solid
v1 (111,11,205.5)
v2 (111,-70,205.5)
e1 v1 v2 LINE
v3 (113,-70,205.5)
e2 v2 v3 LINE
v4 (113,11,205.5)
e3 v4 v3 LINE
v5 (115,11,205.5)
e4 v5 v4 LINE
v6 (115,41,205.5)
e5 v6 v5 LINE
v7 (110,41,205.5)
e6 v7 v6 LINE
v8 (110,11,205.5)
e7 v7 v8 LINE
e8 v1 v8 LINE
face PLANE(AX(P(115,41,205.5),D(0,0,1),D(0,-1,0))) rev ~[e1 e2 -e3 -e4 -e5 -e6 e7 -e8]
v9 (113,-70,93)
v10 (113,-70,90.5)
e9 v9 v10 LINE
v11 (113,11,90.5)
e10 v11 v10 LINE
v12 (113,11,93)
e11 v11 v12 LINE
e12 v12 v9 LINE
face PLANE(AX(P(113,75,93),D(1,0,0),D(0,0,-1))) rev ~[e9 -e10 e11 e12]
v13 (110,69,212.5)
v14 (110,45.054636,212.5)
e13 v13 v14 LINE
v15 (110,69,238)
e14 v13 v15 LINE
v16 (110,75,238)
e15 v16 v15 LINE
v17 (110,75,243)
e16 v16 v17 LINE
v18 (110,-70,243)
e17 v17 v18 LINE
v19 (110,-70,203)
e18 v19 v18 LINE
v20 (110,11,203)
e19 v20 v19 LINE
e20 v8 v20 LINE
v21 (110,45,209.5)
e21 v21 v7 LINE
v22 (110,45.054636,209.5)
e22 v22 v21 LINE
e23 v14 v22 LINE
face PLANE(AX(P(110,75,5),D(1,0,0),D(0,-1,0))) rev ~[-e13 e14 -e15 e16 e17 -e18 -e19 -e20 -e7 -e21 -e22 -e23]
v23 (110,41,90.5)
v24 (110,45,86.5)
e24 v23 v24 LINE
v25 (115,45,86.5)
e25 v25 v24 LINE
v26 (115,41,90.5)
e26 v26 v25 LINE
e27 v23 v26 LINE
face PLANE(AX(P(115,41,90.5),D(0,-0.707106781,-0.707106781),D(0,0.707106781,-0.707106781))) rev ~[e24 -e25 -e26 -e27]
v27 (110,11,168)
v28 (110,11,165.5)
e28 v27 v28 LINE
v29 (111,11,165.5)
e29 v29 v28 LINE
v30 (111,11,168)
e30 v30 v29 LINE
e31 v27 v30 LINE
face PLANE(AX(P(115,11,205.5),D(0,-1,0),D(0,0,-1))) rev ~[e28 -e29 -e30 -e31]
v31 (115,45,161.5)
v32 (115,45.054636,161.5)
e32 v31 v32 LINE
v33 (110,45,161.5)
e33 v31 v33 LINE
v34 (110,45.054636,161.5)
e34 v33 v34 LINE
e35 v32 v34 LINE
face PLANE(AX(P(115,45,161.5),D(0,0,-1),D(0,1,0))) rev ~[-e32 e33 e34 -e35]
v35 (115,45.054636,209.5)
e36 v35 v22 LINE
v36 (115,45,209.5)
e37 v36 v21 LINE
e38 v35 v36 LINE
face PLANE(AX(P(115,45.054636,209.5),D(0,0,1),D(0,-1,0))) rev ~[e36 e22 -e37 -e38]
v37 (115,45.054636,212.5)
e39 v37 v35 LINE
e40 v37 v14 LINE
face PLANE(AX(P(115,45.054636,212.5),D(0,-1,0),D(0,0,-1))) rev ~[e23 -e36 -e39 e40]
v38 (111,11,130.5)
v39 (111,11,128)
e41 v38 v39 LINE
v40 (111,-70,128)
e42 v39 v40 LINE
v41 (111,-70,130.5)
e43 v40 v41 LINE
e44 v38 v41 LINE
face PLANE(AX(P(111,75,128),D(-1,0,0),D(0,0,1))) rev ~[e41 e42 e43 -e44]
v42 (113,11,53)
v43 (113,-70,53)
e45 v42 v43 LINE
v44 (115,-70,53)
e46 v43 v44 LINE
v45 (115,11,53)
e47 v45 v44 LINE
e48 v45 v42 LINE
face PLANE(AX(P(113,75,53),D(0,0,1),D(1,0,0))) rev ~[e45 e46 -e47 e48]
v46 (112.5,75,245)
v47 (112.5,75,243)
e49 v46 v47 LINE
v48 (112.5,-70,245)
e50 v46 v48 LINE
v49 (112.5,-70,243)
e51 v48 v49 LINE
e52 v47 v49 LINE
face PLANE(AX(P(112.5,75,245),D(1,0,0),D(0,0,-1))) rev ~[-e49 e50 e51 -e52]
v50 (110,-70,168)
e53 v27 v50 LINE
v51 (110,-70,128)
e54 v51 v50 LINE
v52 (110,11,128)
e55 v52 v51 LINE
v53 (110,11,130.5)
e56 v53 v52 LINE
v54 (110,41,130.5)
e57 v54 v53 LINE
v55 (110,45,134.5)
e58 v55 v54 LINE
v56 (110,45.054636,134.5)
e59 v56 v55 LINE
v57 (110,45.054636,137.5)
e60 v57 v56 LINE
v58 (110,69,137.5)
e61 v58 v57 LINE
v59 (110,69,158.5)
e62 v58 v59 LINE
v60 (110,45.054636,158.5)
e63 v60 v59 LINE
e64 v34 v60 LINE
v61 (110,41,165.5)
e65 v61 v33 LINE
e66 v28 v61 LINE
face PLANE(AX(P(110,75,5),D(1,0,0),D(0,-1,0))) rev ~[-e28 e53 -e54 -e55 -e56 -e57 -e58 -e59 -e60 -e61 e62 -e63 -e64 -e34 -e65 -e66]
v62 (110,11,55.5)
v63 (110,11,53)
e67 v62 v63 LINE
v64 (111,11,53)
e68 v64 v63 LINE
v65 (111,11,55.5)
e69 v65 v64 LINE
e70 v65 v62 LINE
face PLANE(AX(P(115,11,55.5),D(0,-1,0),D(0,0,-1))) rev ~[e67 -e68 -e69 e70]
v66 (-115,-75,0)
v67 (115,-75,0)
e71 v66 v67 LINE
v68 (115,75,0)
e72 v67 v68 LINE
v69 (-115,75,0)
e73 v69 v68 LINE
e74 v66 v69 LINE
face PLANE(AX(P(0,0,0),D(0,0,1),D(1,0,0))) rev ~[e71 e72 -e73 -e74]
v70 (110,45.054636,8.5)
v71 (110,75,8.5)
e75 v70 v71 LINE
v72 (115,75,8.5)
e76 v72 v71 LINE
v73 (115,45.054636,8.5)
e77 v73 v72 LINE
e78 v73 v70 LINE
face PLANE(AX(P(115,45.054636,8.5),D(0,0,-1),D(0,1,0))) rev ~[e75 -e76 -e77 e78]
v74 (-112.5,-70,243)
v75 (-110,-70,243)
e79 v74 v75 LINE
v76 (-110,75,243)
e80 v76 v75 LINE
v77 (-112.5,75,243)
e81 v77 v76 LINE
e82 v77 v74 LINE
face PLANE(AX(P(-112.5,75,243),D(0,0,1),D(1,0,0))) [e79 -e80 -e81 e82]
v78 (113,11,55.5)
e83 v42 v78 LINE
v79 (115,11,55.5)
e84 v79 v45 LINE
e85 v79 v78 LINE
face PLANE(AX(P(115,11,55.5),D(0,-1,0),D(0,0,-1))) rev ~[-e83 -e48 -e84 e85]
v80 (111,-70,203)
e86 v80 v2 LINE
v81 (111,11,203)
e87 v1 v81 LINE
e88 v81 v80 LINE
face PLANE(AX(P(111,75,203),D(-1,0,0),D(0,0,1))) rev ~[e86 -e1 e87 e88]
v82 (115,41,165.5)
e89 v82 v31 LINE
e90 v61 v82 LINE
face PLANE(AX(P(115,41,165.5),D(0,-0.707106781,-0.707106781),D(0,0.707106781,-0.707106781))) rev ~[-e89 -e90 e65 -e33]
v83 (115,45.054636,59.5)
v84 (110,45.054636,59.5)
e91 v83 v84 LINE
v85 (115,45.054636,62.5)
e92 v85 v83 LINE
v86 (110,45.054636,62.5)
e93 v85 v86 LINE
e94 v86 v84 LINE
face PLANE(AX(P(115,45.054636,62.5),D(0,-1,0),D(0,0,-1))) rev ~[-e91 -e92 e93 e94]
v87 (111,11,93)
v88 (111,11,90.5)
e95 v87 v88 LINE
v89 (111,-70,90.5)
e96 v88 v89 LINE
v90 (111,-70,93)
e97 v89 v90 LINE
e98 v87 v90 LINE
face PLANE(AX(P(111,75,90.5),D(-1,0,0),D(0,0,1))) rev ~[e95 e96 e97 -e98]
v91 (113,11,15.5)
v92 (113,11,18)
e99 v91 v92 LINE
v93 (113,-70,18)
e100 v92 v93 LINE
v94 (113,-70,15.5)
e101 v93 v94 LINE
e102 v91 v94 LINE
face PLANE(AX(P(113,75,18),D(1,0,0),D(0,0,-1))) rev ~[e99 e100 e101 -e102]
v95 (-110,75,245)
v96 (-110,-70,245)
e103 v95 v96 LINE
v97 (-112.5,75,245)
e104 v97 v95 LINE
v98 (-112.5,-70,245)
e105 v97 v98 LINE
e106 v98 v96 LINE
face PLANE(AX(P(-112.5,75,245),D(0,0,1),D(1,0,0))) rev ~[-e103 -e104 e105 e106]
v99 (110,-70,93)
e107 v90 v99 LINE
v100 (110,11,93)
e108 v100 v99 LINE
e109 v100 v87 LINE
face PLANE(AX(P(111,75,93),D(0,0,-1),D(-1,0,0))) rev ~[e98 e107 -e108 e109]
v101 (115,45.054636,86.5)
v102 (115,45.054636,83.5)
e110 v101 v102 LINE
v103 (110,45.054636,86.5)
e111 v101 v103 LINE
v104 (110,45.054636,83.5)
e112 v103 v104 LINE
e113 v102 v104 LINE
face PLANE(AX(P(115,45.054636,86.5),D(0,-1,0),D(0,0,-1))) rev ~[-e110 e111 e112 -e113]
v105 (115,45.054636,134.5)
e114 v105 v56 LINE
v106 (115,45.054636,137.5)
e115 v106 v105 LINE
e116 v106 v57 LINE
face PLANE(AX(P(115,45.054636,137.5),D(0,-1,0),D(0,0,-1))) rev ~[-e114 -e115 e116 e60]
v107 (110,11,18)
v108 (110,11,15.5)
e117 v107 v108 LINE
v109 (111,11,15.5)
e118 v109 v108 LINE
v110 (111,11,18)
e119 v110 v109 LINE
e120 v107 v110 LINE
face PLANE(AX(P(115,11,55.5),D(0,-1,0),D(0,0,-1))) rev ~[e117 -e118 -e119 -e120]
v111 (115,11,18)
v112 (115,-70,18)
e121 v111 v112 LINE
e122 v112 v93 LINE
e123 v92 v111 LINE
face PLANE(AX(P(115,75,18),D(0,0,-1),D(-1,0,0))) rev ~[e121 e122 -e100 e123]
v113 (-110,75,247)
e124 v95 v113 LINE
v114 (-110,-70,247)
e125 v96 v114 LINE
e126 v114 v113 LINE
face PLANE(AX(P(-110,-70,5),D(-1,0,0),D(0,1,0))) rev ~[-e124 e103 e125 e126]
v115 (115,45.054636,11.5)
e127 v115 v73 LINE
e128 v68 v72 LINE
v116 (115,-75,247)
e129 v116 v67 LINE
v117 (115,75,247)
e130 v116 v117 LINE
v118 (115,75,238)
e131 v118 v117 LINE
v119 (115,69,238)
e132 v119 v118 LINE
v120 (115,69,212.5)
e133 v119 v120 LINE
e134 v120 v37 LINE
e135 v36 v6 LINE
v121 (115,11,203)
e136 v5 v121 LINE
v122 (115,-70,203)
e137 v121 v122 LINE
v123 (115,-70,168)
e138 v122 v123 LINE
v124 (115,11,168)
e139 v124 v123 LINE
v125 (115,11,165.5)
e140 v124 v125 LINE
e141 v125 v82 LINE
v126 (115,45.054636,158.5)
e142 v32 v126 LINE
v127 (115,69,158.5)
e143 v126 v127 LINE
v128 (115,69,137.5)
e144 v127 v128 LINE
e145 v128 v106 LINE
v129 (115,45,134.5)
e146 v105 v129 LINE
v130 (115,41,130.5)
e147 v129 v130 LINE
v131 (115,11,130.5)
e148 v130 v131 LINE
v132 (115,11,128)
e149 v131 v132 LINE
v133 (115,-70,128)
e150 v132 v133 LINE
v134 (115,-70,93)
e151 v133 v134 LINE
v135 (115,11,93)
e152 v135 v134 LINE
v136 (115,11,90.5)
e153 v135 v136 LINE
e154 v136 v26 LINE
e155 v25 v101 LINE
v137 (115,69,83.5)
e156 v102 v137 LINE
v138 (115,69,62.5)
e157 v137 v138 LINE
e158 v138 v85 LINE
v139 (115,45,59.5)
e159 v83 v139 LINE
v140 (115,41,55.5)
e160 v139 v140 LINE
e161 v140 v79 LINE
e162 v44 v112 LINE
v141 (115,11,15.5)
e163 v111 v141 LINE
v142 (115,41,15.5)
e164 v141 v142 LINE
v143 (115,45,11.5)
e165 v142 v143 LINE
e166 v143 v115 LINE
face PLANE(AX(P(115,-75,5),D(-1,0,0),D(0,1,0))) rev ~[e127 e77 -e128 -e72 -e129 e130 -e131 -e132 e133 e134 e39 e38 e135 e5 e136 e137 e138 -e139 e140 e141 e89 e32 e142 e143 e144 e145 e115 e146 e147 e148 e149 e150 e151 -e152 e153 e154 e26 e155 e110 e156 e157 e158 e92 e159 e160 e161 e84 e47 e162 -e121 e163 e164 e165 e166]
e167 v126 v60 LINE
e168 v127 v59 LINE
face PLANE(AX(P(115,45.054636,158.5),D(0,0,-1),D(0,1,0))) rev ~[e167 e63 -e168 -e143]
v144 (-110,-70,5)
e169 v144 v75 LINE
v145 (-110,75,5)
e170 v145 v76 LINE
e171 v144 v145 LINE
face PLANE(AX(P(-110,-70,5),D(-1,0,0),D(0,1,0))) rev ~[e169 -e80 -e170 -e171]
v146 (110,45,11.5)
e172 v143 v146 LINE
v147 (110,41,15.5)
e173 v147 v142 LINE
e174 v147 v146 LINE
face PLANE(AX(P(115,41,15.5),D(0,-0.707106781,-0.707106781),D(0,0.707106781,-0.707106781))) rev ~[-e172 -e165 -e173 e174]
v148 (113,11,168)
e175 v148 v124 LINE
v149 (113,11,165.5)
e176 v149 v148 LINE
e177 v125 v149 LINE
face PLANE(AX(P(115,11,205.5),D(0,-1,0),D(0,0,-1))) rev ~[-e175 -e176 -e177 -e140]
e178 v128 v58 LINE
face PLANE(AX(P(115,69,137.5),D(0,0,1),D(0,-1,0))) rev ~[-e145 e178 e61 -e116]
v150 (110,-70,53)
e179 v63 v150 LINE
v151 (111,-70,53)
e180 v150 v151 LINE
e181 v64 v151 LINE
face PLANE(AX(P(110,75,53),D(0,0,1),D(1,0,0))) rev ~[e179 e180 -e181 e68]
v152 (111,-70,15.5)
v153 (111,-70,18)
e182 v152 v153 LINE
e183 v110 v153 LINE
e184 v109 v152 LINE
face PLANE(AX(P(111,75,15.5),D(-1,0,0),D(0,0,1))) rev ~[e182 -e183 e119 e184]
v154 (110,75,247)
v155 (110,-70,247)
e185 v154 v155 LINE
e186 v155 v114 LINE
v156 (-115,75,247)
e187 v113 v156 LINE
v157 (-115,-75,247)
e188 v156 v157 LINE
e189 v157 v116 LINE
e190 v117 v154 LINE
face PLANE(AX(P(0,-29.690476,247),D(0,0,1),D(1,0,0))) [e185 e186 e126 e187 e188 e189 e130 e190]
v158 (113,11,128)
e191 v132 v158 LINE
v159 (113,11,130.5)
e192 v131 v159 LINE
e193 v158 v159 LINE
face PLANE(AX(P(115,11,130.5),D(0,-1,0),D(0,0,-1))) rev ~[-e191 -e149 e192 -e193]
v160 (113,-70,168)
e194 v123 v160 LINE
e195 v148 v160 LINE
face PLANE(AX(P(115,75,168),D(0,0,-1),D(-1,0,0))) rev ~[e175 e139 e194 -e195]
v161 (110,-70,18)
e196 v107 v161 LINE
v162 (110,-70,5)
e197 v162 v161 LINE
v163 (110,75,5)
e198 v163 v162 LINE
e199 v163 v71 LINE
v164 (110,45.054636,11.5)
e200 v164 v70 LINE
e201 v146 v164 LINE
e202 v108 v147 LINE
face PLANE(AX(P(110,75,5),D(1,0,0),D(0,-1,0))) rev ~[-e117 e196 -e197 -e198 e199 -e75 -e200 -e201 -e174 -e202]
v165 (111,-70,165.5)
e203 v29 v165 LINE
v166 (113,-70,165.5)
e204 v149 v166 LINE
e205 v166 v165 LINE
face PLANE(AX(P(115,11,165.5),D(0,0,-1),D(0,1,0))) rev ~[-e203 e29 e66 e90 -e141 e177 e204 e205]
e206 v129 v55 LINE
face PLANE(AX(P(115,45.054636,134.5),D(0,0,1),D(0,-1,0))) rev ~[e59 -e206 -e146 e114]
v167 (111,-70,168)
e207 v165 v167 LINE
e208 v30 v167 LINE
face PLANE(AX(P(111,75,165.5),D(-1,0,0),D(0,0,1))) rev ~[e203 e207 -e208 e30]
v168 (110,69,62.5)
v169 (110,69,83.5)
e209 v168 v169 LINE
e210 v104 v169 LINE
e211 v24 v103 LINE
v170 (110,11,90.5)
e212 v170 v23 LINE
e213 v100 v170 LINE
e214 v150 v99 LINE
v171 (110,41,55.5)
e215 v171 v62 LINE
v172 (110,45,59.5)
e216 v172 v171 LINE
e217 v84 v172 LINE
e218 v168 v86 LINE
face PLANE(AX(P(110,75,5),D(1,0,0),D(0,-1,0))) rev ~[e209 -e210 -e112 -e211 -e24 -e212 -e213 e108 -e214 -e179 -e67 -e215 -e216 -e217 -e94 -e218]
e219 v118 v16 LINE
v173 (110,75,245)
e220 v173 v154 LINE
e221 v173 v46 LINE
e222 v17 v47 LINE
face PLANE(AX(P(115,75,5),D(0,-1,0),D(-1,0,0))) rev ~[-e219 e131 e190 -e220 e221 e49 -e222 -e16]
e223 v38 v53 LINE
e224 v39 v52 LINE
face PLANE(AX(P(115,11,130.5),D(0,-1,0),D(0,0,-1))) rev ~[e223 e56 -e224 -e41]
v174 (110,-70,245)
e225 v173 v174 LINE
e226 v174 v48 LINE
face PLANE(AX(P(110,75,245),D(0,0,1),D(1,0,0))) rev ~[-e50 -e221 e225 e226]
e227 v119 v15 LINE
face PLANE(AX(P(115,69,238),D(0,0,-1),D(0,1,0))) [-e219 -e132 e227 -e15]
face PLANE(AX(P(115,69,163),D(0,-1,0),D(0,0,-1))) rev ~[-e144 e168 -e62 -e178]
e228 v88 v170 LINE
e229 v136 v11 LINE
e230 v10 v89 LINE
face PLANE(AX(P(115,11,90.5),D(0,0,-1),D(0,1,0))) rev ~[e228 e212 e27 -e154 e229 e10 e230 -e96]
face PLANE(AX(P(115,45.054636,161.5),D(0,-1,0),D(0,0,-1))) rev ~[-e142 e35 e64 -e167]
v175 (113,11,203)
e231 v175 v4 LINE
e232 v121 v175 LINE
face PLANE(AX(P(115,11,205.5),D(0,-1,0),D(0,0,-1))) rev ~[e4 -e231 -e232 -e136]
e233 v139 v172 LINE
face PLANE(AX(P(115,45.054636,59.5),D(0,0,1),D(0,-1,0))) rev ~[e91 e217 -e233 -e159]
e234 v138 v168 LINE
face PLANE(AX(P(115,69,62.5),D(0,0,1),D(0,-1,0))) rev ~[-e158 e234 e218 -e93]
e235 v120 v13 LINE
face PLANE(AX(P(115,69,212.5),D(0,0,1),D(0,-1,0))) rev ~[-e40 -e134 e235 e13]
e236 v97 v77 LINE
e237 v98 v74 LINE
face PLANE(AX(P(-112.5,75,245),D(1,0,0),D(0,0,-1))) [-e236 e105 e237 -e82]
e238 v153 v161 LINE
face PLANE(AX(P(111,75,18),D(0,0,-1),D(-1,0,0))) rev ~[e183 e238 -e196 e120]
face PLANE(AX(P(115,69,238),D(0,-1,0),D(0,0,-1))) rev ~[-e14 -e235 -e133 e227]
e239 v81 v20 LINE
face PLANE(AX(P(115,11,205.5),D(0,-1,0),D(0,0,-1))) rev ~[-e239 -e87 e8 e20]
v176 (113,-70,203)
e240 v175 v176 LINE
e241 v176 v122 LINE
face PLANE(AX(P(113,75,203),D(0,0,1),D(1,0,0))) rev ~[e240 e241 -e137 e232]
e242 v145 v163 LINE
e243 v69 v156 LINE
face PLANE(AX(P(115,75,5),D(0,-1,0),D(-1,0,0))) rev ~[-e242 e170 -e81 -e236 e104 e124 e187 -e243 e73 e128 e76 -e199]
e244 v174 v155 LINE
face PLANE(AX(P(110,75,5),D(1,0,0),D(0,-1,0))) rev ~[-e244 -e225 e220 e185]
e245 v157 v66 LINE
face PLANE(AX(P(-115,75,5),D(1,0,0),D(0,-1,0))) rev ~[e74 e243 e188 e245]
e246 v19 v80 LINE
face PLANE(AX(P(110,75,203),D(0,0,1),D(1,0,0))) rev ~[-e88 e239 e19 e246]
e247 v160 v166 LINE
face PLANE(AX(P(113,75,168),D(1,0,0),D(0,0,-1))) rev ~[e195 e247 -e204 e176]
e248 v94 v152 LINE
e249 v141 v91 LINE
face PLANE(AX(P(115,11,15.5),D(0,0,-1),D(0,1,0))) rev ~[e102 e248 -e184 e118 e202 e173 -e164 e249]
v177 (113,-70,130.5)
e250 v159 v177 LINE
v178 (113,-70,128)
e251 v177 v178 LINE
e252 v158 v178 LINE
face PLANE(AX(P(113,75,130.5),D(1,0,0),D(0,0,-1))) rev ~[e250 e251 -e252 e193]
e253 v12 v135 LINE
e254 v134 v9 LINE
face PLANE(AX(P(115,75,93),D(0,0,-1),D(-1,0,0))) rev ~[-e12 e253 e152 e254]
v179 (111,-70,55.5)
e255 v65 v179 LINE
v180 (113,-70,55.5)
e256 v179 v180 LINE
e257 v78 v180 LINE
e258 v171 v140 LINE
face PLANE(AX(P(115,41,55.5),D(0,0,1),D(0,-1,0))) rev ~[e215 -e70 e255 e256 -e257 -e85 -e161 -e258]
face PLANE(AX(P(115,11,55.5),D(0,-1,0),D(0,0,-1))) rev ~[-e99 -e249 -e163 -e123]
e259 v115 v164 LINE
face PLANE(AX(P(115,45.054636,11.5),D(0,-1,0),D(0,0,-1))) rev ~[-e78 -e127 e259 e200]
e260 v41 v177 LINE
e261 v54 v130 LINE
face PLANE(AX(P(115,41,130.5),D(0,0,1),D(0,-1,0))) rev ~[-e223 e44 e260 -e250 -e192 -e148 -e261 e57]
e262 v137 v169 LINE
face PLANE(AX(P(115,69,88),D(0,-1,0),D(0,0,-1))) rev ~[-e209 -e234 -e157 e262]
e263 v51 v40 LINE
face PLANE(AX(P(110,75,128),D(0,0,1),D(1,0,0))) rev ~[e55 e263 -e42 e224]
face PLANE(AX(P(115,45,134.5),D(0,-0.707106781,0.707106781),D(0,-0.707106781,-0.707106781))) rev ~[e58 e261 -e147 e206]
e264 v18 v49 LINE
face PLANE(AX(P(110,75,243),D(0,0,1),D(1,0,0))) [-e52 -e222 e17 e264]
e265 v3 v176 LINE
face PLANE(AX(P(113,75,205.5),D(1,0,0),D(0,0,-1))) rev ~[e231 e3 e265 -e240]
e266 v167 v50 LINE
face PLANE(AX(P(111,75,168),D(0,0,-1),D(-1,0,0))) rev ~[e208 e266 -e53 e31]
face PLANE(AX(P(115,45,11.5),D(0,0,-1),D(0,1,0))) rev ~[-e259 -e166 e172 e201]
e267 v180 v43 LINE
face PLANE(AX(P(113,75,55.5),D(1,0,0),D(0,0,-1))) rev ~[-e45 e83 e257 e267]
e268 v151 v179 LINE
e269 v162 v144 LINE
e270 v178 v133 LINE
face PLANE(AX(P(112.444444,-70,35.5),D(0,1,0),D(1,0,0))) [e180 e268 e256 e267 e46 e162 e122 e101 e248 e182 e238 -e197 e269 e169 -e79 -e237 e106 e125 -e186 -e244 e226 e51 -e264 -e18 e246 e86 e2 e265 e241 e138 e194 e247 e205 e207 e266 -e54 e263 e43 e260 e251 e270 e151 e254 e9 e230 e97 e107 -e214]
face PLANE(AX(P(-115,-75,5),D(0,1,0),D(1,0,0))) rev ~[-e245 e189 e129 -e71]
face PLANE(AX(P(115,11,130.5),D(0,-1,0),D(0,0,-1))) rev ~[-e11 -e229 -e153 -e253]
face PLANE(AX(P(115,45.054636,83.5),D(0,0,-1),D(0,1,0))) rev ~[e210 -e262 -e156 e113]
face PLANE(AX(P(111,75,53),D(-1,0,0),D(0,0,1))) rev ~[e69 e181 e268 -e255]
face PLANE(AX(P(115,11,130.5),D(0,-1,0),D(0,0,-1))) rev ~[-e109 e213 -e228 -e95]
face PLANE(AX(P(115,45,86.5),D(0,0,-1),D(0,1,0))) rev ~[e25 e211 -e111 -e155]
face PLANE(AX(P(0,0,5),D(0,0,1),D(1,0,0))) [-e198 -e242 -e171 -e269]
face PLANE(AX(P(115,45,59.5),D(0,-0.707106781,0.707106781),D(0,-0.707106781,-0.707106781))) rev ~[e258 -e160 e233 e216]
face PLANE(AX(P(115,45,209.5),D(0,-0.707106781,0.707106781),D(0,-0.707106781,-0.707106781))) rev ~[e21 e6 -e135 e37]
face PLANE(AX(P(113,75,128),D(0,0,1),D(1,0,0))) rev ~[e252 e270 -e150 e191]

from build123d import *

# Parameters (mm, degrees)
SZKIC1_W                    = 230
SZKIC1_H                    = 150
DODANIE_WYCI_GNI_CIE1_DEPTH = 5
DODANIE_WYCI_GNI_CIE2_DEPTH = 242
WYTNIJ_WYCI_GNI_CIE1_REACH  = 347.737
SZKIC4_W                    = 30
SZKIC4_H                    = 6
WYTNIJ_WYCI_GNI_CIE2_DEPTH  = 5
SZKIC7_W                    = 2.5
SZKIC7_H                    = 2
WYTNIJ_WYCI_GNI_CIE3_DEPTH  = 145


with BuildPart() as part:
    # Szkic1 → Dodanie-wyciągnięcie1 (new body)
    with BuildSketch(Plane.XY):
        Rectangle(SZKIC1_W, SZKIC1_H)
    extrude(amount=DODANIE_WYCI_GNI_CIE1_DEPTH)

    # Szkic3 → Dodanie-wyciągnięcie2 (add)
    with BuildSketch(Plane.XY.offset(5)):
        Polygon((115, -75), (115, 75), (110, 75), (110, 70), (110, -70), (-110, -70), (-110, 70), (-110, 75), (-115, 75), (-115, -75), align=None)
    extrude(amount=DODANIE_WYCI_GNI_CIE2_DEPTH)

    # Szkic4 → Wytnij-wyciągnięcie1 (cut, up to next)
    with BuildSketch(Plane(origin=(115, 0, 0), x_dir=(0, 0, -1), z_dir=(1, 0, 0)), mode=Mode.PRIVATE) as wytnij_wyci_gni_cie1_sk1:
        with Locations((-223, 72)):
            Rectangle(SZKIC4_W, SZKIC4_H)
    wytnij_wyci_gni_cie1_tool1 = extrude(wytnij_wyci_gni_cie1_sk1.sketch, amount=-WYTNIJ_WYCI_GNI_CIE1_REACH, mode=Mode.PRIVATE) & part.part
    # Szkic4 → Wytnij-wyciągnięcie1 (cut, up to next)
    with BuildSketch(Plane(origin=(115, 0, 0), x_dir=(0, 0, -1), z_dir=(1, 0, 0)), mode=Mode.PRIVATE) as wytnij_wyci_gni_cie1_sk2:
        with Locations((-148, 72)):
            Rectangle(SZKIC4_W, SZKIC4_H)
    wytnij_wyci_gni_cie1_tool2 = extrude(wytnij_wyci_gni_cie1_sk2.sketch, amount=-WYTNIJ_WYCI_GNI_CIE1_REACH, mode=Mode.PRIVATE) & part.part
    # Szkic4 → Wytnij-wyciągnięcie1 (cut, up to next)
    with BuildSketch(Plane(origin=(115, 0, 0), x_dir=(0, 0, -1), z_dir=(1, 0, 0)), mode=Mode.PRIVATE) as wytnij_wyci_gni_cie1_sk3:
        with Locations((-73, 72)):
            Rectangle(SZKIC4_W, SZKIC4_H)
    wytnij_wyci_gni_cie1_tool3 = extrude(wytnij_wyci_gni_cie1_sk3.sketch, amount=-WYTNIJ_WYCI_GNI_CIE1_REACH, mode=Mode.PRIVATE) & part.part
    add(wytnij_wyci_gni_cie1_tool1.solids().sort_by_distance((115, 72, 223))[0], mode=Mode.SUBTRACT)
    add(wytnij_wyci_gni_cie1_tool2.solids().sort_by_distance((115, 72, 148))[0], mode=Mode.SUBTRACT)
    add(wytnij_wyci_gni_cie1_tool3.solids().sort_by_distance((115, 72, 73))[0], mode=Mode.SUBTRACT)

    # Szkic6 → Wytnij-wyciągnięcie2 (cut)
    with BuildSketch(Plane(origin=(115, 0, 0), x_dir=(0, 0, -1), z_dir=(1, 0, 0))):
        Polygon((-11.5, 45), (-11.5, 45.054636006), (-8.5, 45.054636006), (-8.5, 75), (-58, 75), (-58, 69), (-62.5, 69), (-62.5, 45.054636006), (-59.5, 45.054636006), (-59.5, 45), (-55.5, 41), (-55.5, 11), (-15.5, 11), (-15.5, 41), align=None)
        Polygon((-83.5, 45.054636006), (-83.5, 69), (-88, 69), (-88, 75), (-133, 75), (-133, 69), (-137.5, 69), (-137.5, 45.054636006), (-134.5, 45.054636006), (-134.5, 45), (-130.5, 41), (-130.5, 11), (-90.5, 11), (-90.5, 41), (-86.5, 45), (-86.5, 45.054636006), align=None)
        Polygon((-158.5, 45.054636006), (-158.5, 69), (-163, 69), (-163, 75), (-208, 75), (-208, 69), (-212.5, 69), (-212.5, 45.054636006), (-209.5, 45.054636006), (-209.5, 45), (-205.5, 41), (-205.5, 11), (-165.5, 11), (-165.5, 41), (-161.5, 45), (-161.5, 45.054636006), align=None)
    extrude(amount=-WYTNIJ_WYCI_GNI_CIE2_DEPTH, mode=Mode.SUBTRACT)

    # Szkic7 → Wytnij-wyciągnięcie3 (cut)
    with BuildSketch(Plane(origin=(0, 75, 0), x_dir=(1, 0, 0), z_dir=(0, 1, 0))):
        with Locations((-111.25, -244)):
            Rectangle(SZKIC7_W, SZKIC7_H)
        with Locations((111.25, -244)):
            Rectangle(SZKIC7_W, SZKIC7_H)
        Polygon((111, -203), (111, -205.5), (113, -205.5), (113, -203), (115, -203), (115, -168), (113, -168), (113, -165.5), (111, -165.5), (111, -168), (110, -168), (110, -203), align=None)
        Polygon((111, -128), (111, -130.5), (113, -130.5), (113, -128), (115, -128), (115, -93), (113, -93), (113, -90.5), (111, -90.5), (111, -93), (110, -93), (110, -128), align=None)
        Polygon((111, -53), (111, -55.5), (113, -55.5), (113, -53), (115, -53), (115, -18), (113, -18), (113, -15.5), (111, -15.5), (111, -18), (110, -18), (110, -53), align=None)
    extrude(amount=-WYTNIJ_WYCI_GNI_CIE3_DEPTH, mode=Mode.SUBTRACT)


solid = part.part
